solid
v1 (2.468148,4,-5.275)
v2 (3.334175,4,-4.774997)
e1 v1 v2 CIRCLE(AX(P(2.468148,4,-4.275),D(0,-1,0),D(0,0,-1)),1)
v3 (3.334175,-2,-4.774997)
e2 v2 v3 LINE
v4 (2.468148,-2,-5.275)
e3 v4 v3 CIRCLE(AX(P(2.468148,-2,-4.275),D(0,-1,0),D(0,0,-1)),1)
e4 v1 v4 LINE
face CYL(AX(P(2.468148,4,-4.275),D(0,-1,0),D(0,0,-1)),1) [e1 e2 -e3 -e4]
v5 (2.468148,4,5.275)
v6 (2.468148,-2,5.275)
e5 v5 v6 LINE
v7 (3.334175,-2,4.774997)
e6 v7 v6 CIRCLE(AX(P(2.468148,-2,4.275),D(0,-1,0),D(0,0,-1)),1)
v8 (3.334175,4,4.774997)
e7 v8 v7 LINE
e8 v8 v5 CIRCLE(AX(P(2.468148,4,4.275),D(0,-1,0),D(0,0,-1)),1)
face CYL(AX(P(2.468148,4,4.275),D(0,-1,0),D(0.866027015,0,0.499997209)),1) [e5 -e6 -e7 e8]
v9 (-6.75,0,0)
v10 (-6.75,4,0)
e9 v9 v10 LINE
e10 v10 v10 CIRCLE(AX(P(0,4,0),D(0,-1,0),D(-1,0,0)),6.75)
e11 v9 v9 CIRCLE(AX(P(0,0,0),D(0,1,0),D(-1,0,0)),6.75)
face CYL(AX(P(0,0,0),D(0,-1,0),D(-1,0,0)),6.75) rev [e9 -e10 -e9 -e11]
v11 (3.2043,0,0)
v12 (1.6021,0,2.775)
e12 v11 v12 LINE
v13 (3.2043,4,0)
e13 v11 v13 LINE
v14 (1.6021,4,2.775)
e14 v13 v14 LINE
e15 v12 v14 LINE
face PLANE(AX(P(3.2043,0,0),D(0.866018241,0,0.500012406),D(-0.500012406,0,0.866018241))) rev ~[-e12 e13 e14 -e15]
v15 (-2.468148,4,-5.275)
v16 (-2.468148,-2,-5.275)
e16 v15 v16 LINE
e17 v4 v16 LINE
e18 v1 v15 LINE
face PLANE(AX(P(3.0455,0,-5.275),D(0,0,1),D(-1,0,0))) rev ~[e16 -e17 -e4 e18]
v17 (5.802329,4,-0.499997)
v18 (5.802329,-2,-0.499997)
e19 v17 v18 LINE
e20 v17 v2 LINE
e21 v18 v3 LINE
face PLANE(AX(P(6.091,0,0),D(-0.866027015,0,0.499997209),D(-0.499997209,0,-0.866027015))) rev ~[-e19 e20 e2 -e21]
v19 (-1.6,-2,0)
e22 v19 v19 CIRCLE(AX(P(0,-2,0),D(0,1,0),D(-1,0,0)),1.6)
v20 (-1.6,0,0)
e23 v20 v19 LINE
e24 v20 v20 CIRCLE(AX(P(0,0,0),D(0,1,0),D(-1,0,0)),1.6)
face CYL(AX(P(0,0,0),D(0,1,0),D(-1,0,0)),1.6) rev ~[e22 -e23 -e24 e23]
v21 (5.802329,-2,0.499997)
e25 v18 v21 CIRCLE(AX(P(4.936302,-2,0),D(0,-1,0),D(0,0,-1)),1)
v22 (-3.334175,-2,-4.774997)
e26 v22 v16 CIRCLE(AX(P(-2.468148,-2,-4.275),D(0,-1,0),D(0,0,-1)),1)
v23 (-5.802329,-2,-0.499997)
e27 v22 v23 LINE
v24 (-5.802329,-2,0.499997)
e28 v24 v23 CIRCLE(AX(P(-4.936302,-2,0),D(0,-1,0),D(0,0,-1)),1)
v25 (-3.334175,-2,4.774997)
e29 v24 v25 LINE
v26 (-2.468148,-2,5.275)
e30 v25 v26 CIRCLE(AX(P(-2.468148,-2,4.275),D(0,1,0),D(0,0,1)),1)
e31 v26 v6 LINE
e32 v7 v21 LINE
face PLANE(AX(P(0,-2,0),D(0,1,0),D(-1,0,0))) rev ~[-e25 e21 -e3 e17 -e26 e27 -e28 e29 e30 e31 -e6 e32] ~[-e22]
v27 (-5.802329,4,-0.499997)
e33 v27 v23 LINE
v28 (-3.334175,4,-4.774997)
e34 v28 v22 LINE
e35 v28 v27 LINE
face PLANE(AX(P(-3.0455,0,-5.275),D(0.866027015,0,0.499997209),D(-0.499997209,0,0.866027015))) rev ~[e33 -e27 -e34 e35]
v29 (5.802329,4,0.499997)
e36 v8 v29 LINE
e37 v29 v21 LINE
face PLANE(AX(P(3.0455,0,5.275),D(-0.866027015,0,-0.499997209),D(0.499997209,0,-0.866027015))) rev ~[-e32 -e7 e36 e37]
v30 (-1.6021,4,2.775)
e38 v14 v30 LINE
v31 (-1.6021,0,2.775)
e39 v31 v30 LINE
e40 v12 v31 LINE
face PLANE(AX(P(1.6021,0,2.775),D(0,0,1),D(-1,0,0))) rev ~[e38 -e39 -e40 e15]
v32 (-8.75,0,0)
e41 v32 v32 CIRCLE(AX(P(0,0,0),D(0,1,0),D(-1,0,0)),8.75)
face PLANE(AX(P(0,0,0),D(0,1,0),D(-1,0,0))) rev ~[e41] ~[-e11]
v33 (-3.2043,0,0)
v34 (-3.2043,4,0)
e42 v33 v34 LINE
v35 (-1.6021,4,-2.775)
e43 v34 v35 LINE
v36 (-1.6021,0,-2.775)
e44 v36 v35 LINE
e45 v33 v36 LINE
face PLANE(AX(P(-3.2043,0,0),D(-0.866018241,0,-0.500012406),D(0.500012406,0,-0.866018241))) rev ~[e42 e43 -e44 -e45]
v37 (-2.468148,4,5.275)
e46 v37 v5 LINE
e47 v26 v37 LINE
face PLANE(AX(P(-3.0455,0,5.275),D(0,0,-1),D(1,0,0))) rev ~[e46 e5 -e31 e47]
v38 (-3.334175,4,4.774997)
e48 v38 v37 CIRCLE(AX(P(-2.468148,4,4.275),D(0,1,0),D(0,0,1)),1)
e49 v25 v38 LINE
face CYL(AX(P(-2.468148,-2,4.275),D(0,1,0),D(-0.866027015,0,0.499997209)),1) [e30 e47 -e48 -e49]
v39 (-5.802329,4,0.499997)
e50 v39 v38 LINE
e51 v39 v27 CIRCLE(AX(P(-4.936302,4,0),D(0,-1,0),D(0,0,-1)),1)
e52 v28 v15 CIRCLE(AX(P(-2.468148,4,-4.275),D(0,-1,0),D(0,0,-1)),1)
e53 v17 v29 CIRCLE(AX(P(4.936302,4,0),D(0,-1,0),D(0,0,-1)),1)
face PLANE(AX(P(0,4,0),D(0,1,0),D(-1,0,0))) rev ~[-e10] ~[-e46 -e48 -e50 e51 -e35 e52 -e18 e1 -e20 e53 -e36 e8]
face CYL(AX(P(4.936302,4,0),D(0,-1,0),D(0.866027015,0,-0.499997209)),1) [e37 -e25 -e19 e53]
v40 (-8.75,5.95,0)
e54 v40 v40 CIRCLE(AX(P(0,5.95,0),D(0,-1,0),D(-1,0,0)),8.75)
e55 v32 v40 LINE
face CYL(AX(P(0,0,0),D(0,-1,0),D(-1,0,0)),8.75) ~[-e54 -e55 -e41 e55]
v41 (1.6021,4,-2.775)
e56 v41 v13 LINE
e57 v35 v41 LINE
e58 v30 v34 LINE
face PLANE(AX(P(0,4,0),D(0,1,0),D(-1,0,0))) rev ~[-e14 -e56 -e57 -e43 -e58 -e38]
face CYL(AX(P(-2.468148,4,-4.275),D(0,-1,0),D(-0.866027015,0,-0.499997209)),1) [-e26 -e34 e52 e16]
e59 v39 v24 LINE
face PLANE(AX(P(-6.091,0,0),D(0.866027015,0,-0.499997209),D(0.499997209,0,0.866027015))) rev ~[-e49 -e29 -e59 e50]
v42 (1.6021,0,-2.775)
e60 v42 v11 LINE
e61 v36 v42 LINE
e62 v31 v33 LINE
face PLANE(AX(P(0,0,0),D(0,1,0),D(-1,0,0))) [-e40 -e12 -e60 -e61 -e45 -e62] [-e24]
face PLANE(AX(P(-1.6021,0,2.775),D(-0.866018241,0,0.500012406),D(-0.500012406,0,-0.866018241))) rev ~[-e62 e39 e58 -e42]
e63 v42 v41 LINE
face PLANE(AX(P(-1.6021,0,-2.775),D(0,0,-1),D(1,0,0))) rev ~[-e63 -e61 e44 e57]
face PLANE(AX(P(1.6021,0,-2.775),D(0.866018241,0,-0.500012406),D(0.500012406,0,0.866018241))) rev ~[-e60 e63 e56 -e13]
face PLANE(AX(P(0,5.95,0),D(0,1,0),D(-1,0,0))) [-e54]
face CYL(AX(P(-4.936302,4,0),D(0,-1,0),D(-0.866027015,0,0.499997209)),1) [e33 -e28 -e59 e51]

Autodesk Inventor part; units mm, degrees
ref_plane "YZ Plane" through (0, 0, 0) normal (1, 0, 0) x (0, 1, 0)
ref_plane "XZ Plane" through (0, 0, 0) normal (0, 1, 0) x (-1, 0, 0)
ref_plane "XY Plane" through (0, 0, 0) normal (0, 0, 1) x (1, 0, 0)
sketch "Sketch1" plane through (0, 0, 0) normal (0, 1, 0) x (-1, 0, 0)
  line L0 (-8.75, 22.75) -> (8.75, 22.75)
  line L1 (8.75, 22.75) -> (8.75, -22.75)
  line L2 (8.75, -22.75) -> (-8.75, -22.75)
  line L3 (-8.75, -22.75) -> (-8.75, 22.75)
  line L4 (-8.75, 22.75) -> (8.75, -22.75) construction
  line L5 (8.75, 22.75) -> (-8.75, -22.75) construction
  line L6 (-1.6021, -2.775) -> (-3.2043, 0)
  line L7 (-3.2043, 0) -> (-1.6021, 2.775)
  line L8 (-1.6021, 2.775) -> (1.6021, 2.775)
  line L9 (1.6021, 2.775) -> (3.2043, 0)
  line L10 (3.2043, 0) -> (1.6021, -2.775)
  line L11 (1.6021, -2.775) -> (-1.6021, -2.775)
  line L12 (6.091, 0) -> (3.0455, 5.275)
  line L13 (3.0455, 5.275) -> (-3.0455, 5.275)
  line L14 (-3.0455, 5.275) -> (-6.091, 0)
  line L15 (-6.091, 0) -> (-3.0455, -5.275)
  line L16 (-3.0455, -5.275) -> (3.0455, -5.275)
  line L17 (3.0455, -5.275) -> (6.091, 0)
  line L18 (6.75, -20.75) -> (6.75, 20.75)
  line L19 (6.75, 20.75) -> (-6.75, 20.75)
  line L20 (-6.75, 20.75) -> (-6.75, -20.75)
  line L21 (-6.75, -20.75) -> (6.75, -20.75)
  circle A0 centre (0, 0) radius 1.6
  circle A1 centre (0, 0) radius 8.75
  circle A2 centre (0, 0) radius 6.75
  dimension "d0" = 17.5
  dimension "d1" = 45.5
  dimension "d2" = 5.55
  dimension "d8" = 2.5
  dimension "d9" = 2
  dimension "d11" = 3.2
  dimension "d14" = 17.5
  dimension "d15" = 2
extrude "Extrusion1" add sketch "Sketch1" along normal blind 5.95 contours A1 L20 | A1 L18 | A1 L18 A2 L20 | L20 A2 L18 A1 | A2 | L6 L7 L8 L9 L10 L11 | L17 L16 L15 L14 L13 L12 | A0
extrude "Extrusion5" add sketch "Sketch1" against normal blind 2 contours L6 L7 L8 L9 L10 L11 | L17 L16 L15 L14 L13 L12
extrude "Extrusion2" cut sketch "Sketch1" along normal blind 4 contours A2 | L6 L7 L8 L9 L10 L11 | A0
fillet "Fillet1" radius 1 6 edges at (6.091, 1, 0) (-3.0455, 1, 5.275) (3.0455, 1, -5.275) (-3.0455, 1, -5.275) (-6.091, 1, 0) (3.0455, 1, 5.275)
fillet "Fillet2" [suppressed]
equation "\"d14\" = d0"
properties part number "Solenoid Shield"
